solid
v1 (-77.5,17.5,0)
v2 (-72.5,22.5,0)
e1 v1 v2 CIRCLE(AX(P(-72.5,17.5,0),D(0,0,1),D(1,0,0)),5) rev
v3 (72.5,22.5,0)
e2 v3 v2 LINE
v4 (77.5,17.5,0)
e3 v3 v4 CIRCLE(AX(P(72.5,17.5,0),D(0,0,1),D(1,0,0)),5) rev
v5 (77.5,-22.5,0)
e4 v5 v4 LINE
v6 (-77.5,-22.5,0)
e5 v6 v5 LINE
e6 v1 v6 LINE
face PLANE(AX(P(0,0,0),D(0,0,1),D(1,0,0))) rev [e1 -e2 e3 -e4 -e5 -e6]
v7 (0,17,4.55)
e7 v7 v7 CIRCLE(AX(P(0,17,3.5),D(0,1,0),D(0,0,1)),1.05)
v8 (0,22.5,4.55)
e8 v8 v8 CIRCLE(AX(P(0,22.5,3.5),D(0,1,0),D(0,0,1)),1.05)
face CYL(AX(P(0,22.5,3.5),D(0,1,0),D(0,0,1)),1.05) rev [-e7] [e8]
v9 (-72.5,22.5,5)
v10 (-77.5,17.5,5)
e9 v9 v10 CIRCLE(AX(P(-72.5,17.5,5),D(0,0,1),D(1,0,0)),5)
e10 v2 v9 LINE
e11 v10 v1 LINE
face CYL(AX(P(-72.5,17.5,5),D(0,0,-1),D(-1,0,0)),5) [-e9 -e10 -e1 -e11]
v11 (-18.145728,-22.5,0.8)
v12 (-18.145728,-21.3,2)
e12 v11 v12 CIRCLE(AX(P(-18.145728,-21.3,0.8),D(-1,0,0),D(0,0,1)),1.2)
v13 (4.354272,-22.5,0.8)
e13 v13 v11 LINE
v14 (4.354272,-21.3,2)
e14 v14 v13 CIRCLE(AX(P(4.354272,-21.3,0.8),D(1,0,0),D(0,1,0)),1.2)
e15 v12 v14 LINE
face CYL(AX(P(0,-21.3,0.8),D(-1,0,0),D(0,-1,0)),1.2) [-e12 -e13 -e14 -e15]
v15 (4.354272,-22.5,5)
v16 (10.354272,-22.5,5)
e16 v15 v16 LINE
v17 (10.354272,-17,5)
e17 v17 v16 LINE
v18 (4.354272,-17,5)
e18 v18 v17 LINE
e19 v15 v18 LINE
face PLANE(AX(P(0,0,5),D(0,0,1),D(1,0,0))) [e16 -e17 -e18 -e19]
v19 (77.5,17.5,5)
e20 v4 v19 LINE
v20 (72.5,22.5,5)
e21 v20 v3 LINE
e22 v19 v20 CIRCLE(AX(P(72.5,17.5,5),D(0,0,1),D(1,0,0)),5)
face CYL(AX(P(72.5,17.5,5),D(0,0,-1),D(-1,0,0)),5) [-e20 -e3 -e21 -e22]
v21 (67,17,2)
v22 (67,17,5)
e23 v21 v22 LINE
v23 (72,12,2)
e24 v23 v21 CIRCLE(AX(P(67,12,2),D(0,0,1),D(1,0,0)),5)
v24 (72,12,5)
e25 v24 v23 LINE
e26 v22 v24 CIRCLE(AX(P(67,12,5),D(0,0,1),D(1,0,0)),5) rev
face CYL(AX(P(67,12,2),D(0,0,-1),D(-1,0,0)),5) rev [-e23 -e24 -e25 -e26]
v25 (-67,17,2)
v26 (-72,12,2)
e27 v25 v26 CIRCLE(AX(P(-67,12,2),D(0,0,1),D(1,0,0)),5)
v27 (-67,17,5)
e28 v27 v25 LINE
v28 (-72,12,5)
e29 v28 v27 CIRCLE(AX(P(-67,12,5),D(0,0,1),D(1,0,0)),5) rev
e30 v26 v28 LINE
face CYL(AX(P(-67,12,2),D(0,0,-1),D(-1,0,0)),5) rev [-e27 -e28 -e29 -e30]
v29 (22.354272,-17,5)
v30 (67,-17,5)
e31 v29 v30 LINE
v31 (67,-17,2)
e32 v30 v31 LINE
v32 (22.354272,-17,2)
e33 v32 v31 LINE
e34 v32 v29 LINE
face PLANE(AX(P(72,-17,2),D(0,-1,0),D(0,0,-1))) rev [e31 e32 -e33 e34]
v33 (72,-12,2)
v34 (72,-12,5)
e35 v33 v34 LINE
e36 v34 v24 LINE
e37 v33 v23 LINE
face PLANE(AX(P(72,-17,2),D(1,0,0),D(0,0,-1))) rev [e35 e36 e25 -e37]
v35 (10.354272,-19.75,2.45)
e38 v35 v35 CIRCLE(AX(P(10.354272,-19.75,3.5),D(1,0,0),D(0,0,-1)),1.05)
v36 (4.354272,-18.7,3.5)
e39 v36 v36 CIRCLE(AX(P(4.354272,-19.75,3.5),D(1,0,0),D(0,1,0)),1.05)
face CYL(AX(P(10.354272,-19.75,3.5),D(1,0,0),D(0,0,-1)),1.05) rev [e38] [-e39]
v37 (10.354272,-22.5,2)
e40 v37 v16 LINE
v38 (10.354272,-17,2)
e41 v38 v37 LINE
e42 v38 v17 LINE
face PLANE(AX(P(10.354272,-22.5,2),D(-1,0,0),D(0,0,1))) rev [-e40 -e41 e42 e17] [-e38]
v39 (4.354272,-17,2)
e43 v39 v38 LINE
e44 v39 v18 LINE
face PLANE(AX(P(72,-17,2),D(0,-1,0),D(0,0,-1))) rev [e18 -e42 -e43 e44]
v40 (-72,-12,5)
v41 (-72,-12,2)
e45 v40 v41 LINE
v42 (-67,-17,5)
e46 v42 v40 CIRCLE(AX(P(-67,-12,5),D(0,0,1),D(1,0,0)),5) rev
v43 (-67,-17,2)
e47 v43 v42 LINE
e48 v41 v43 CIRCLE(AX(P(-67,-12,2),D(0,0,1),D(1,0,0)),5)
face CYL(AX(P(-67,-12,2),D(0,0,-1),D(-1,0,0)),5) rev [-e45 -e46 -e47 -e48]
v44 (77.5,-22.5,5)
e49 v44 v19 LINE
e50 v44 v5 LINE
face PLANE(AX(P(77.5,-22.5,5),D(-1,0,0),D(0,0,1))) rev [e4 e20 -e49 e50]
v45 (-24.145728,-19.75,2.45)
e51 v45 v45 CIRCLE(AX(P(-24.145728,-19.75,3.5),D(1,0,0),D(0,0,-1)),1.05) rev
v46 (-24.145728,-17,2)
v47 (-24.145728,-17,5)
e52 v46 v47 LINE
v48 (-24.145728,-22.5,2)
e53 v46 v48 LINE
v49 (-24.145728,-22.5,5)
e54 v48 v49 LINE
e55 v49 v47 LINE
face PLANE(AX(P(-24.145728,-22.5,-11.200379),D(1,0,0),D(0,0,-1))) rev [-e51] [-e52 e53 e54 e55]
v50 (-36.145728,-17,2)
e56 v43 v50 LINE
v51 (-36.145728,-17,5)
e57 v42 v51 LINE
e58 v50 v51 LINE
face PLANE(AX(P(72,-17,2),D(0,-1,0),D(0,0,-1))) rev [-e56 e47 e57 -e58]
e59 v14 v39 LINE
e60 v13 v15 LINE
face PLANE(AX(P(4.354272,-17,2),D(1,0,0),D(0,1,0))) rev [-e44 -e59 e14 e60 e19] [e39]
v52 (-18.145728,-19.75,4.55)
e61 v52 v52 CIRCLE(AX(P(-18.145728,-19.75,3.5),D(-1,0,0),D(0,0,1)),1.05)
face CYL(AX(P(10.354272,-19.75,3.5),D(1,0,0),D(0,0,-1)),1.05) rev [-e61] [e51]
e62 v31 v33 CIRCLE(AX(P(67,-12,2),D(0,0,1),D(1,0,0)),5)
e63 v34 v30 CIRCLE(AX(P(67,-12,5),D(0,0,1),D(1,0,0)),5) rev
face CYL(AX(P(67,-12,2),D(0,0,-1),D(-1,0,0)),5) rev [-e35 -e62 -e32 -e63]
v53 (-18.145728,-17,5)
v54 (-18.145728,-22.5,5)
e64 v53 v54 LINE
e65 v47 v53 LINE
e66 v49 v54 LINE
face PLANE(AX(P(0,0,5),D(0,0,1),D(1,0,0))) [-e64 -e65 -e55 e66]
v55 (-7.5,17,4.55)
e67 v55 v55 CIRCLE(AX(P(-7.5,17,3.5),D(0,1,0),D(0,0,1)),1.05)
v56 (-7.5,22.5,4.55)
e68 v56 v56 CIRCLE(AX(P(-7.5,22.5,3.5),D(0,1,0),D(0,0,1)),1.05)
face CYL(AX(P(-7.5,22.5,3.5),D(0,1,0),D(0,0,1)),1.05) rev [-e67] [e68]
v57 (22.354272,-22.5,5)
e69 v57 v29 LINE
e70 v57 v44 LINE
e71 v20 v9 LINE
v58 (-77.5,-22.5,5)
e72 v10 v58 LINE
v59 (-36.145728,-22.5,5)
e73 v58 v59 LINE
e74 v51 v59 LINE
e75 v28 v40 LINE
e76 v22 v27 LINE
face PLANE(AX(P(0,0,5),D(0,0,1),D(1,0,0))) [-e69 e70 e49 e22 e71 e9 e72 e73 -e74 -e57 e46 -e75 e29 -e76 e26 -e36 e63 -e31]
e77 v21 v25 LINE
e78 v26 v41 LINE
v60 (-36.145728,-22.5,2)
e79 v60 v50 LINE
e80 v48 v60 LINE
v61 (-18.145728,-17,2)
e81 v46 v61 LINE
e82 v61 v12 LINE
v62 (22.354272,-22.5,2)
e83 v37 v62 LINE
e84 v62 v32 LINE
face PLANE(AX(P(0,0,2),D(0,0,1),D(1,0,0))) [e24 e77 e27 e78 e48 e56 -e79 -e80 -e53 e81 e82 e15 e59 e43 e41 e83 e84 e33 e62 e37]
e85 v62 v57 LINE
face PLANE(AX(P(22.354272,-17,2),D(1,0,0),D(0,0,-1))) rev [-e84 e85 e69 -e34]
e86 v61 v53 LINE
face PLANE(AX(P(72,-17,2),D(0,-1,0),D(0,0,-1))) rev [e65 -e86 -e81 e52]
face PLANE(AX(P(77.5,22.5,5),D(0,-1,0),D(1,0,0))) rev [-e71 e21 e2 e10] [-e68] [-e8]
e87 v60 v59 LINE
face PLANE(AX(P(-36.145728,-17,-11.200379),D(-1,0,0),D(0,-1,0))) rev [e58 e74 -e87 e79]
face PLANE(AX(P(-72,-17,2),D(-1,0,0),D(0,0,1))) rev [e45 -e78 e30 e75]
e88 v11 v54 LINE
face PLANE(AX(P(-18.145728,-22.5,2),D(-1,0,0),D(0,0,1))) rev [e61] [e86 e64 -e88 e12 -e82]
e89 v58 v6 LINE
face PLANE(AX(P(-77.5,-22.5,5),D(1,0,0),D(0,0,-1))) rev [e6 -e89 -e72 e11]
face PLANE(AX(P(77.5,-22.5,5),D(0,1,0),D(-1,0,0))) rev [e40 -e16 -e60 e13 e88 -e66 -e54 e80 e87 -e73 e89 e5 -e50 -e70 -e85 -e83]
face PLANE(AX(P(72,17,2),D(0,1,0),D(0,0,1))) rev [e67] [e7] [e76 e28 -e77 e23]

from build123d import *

# Parameters (mm, degrees)
SKETCH_1_W                  = 155
SKETCH_1_H                  = 45
EXTRUDE_1_DEPTH             = 5
SKETCH_2_W                  = 144
SKETCH_2_H                  = 34
CUT_EXTRUDE_1_DEPTH         = 3
FILLET_1_R                  = 5
FILLET_2_R                  = 5
SKETCH_7_W                  = 22.5
SKETCH_7_H                  = 5.5
CUT_EXTRUDE_2_DEPTH         = 3
FILLET_7_R                  = 1.2
SKETCH_9_W                  = 12
SKETCH_9_H                  = 5.5
CUT_EXTRUDE_3_DEPTH         = 3
HOLE_WIZARD_2_1_2_1_2_D     = 2.1
HOLE_WIZARD_2_1_2_1_2_DEPTH = 13.2
HOLE_WIZARD_2_1_2_1_2_TIP   = 0.63090365
SKETCH_15_W                 = 12
SKETCH_15_H                 = 5.5
CUT_EXTRUDE_4_DEPTH         = 3


with BuildPart() as part:
    # 草图1 → 凸台-拉伸1 (new body)
    with BuildSketch(Plane.XY):
        Rectangle(SKETCH_1_W, SKETCH_1_H)
    extrude(amount=EXTRUDE_1_DEPTH)

    # 草图2 → 切除-拉伸1 (cut)
    with BuildSketch(Plane.XY.offset(5)):
        Rectangle(SKETCH_2_W, SKETCH_2_H)
    extrude(amount=-CUT_EXTRUDE_1_DEPTH, mode=Mode.SUBTRACT)

    # 圆角1
    fillet_1_edges = [part.edges().sort_by_distance(p)[0] for p in [
        (-77.5, 22.5, 2.5),
        (77.5, 22.5, 2.5),
    ]]
    fillet(fillet_1_edges, radius=FILLET_1_R)

    # 圆角2
    fillet_2_edges = [part.edges().sort_by_distance(p)[0] for p in [
        (-72, -17, 3.5),
        (-72, 17, 3.5),
        (72, 17, 3.5),
        (72, -17, 3.5),
    ]]
    fillet(fillet_2_edges, radius=FILLET_2_R)

    # 草图7 → 切除-拉伸2 (cut)
    with BuildSketch(Plane.XY.offset(5)):
        with Locations((-6.895727583, -19.75)):
            Rectangle(SKETCH_7_W, SKETCH_7_H)
    extrude(amount=-CUT_EXTRUDE_2_DEPTH, mode=Mode.SUBTRACT)

    # 圆角7
    fillet_7_edges = [part.edges().sort_by_distance(p)[0] for p in [
        (-6.895727583, -22.5, 2),
    ]]
    fillet(fillet_7_edges, radius=FILLET_7_R)

    # 草图9 → 切除-拉伸3 (cut)
    with BuildSketch(Plane.XY.offset(5)):
        with Locations((16.354272417, -19.75)):
            Rectangle(SKETCH_9_W, SKETCH_9_H)
    extrude(amount=-CUT_EXTRUDE_3_DEPTH, mode=Mode.SUBTRACT)

    # 草图11 → Ø2.1 (2.1) 直径孔1 (revolve, cut)
    with BuildSketch(Plane(origin=(10.354272417, -19.75, 3.5), x_dir=(0, 0, -1), z_dir=(0, 1, 0))):
        Polygon((0, 0), (0, 36.63090365), (1.05, 36), (1.05, 0), align=None)
    revolve(axis=Axis((16.704272417, -19.75, 3.5), (-1, 0, 0)), mode=Mode.SUBTRACT)

    # Ø2.1 (2.1) 直径孔2
    with Locations(Plane(origin=(0, 22.5, 0), x_dir=(1, 0, 0), z_dir=(0, 1, 0))):
        with Locations((0, -3.5), (-7.5, -3.5)):
            Hole(HOLE_WIZARD_2_1_2_1_2_D / 2, depth=HOLE_WIZARD_2_1_2_1_2_DEPTH)
            with Locations((0, 0, -(HOLE_WIZARD_2_1_2_1_2_DEPTH + HOLE_WIZARD_2_1_2_1_2_TIP / 2))):  # 118° drill point
                Cone(0, HOLE_WIZARD_2_1_2_1_2_D / 2, HOLE_WIZARD_2_1_2_1_2_TIP, mode=Mode.SUBTRACT)

    # 草图15 → 切除-拉伸4 (cut)
    with BuildSketch(Plane.XY.offset(5)):
        with Locations((-30.145727583, -19.75)):
            Rectangle(SKETCH_15_W, SKETCH_15_H)
    extrude(amount=-CUT_EXTRUDE_4_DEPTH, mode=Mode.SUBTRACT)


solid = part.part
